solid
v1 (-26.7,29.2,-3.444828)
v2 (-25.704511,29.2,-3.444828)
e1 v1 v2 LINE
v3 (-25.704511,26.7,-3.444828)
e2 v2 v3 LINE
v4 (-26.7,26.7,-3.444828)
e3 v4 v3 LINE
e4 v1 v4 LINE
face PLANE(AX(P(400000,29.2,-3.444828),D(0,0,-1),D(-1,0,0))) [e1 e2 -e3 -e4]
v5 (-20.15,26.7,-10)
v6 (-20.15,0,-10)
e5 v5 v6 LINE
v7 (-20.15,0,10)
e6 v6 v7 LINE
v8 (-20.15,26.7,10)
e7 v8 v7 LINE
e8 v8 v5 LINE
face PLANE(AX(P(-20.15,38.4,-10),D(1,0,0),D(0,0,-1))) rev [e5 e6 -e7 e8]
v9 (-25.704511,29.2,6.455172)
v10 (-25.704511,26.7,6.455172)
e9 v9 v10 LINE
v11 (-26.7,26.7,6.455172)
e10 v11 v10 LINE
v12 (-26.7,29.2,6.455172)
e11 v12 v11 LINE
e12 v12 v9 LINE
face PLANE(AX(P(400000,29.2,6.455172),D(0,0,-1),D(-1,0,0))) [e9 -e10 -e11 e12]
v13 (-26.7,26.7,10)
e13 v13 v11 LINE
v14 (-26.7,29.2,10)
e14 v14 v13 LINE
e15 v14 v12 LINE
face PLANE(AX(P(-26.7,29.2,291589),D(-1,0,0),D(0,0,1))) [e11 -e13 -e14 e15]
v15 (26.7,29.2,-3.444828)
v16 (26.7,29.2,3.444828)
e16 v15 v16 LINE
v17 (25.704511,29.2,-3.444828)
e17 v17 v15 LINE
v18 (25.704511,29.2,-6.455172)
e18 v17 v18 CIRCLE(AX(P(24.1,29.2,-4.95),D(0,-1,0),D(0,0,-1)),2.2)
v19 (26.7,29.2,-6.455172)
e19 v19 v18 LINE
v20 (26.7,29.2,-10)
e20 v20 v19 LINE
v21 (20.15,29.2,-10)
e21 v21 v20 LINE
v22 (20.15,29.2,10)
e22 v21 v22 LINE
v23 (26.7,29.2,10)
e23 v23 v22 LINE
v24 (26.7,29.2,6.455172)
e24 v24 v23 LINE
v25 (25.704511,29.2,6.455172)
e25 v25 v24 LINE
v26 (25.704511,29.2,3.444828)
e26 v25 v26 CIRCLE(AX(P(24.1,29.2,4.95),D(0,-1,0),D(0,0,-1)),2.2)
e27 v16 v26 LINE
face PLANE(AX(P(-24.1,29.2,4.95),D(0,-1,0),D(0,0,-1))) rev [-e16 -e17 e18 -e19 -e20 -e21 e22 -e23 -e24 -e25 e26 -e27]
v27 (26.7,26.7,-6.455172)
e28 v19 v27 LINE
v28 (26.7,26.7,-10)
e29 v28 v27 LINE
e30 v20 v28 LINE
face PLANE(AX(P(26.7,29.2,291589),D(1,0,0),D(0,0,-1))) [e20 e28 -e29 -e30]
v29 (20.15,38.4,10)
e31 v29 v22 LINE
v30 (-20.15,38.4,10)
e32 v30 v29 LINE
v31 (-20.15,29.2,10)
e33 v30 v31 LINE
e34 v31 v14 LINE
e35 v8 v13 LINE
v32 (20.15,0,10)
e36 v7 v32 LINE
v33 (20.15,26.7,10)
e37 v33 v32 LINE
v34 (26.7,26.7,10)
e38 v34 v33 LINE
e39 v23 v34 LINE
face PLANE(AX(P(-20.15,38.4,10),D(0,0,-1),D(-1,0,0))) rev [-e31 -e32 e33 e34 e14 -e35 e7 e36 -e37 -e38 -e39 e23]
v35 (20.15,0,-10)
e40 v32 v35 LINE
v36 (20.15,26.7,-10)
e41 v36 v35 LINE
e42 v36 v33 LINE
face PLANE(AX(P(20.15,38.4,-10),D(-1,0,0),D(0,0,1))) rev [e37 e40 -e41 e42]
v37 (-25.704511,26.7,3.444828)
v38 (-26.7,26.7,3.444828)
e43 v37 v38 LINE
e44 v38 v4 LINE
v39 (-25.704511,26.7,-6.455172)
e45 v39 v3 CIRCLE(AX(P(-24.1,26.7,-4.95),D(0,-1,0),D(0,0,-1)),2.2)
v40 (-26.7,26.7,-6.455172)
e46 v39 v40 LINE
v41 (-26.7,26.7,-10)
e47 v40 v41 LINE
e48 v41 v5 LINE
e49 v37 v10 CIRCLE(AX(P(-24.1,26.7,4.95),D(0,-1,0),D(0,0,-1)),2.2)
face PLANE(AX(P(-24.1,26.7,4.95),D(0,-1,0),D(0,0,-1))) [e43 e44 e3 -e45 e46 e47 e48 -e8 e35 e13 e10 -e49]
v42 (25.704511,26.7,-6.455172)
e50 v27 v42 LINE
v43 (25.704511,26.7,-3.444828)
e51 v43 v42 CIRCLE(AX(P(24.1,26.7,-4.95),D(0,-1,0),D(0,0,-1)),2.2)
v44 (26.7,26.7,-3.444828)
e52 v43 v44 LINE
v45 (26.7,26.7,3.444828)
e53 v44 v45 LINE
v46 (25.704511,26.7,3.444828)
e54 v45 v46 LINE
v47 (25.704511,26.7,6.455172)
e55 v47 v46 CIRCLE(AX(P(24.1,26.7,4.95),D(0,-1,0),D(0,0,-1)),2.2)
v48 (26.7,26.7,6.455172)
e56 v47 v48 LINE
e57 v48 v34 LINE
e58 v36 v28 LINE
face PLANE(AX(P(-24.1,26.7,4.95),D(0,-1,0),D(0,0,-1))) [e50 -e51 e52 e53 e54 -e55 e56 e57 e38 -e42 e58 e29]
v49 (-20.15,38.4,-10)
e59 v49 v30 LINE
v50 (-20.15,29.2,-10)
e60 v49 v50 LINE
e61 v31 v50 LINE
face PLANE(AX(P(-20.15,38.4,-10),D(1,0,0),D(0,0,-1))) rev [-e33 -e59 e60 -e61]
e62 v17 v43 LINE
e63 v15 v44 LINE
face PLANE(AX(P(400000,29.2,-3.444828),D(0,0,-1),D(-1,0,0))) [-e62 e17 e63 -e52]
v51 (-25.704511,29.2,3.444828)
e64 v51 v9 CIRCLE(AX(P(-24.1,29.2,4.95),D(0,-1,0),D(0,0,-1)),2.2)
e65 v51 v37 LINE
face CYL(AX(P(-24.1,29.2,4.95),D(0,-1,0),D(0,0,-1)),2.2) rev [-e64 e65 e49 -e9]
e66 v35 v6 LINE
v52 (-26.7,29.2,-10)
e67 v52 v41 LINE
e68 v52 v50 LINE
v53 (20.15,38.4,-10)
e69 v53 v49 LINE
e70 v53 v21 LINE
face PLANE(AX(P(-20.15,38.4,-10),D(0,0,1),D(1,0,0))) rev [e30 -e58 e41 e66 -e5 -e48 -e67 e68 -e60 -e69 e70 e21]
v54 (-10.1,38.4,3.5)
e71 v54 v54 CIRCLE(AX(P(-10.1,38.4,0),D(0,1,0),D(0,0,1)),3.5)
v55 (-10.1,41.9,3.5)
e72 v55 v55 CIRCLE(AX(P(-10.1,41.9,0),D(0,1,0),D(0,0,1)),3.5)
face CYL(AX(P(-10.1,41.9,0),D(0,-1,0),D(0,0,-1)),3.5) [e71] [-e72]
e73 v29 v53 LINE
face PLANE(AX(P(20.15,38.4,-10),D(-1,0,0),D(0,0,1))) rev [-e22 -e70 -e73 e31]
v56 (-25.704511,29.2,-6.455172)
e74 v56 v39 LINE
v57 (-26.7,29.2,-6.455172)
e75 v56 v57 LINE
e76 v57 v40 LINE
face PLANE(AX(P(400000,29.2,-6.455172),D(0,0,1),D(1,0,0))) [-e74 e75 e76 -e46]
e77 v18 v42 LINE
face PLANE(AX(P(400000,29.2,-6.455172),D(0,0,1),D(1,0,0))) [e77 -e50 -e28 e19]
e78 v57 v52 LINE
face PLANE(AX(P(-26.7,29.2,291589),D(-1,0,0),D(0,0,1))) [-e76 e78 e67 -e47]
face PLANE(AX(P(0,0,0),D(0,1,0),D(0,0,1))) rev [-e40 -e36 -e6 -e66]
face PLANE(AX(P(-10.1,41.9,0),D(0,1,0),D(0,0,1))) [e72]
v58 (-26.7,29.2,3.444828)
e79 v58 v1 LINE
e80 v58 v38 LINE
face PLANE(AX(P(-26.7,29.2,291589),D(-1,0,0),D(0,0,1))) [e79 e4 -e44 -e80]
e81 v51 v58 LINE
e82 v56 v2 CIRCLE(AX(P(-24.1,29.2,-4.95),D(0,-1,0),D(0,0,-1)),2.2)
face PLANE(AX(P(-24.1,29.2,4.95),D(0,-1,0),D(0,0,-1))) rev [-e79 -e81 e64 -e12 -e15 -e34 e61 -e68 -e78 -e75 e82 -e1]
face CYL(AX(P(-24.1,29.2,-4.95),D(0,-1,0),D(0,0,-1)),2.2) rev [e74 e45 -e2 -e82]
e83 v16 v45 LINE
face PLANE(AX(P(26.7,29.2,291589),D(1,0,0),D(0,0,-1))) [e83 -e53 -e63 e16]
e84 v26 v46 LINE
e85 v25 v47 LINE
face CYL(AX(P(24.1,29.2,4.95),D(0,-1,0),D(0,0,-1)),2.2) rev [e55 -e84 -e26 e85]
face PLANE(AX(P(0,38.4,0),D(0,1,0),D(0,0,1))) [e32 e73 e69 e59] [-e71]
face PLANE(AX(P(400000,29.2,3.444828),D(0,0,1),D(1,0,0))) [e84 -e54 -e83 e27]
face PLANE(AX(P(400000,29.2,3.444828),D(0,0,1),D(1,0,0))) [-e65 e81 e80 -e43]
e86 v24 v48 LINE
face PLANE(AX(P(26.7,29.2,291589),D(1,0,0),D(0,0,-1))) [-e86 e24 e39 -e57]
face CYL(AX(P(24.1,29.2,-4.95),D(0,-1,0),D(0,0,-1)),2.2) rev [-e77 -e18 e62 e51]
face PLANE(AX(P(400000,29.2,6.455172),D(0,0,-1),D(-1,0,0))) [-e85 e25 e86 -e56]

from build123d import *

# Parameters (mm, degrees)
SKETCH1_W           = 40.3
SKETCH1_H           = 20
BOSS_EXTRUDE1_DEPTH = 38.4
BOSS_EXTRUDE3_START = -11.7
BOSS_EXTRUDE3_DEPTH = 2.5
SKETCH5_R           = 3.5
BOSS_EXTRUDE4_DEPTH = 3.5


with BuildPart() as part:
    # Sketch1 → Boss-Extrude1 (new body)
    with BuildSketch(Plane(origin=(0, 0, 0), x_dir=(1, 0, 0), z_dir=(0, 1, 0))):
        Rectangle(SKETCH1_W, SKETCH1_H)
    extrude(amount=BOSS_EXTRUDE1_DEPTH)

    # Sketch3 → Boss-Extrude3 (add)
    with BuildSketch(Plane(origin=(0, 38.4, 0), x_dir=(1, 0, 0), z_dir=(0, 1, 0)).offset(BOSS_EXTRUDE3_START)):
        with BuildLine():
            Line((-26.7, 10), (26.7, 10))
            Line((26.7, 10), (26.7, 6.455172275))
            Line((26.7, 6.455172275), (25.704511273, 6.455172275))
            ThreePointArc((25.704511273, 6.455172275), (21.9, 4.95), (25.704511273, 3.444827725))
            Line((25.704511273, 3.444827725), (26.7, 3.444827725))
            Line((26.7, 3.444827725), (26.7, -3.444827725))
            Line((26.7, -3.444827725), (25.704511273, -3.444827725))
            ThreePointArc((25.704511273, -3.444827725), (21.9, -4.95), (25.704511273, -6.455172275))
            Line((25.704511273, -6.455172275), (26.7, -6.455172275))
            Line((26.7, -6.455172275), (26.7, -10))
            Line((26.7, -10), (-26.7, -10))
            Line((-26.7, -10), (-26.7, -6.455172275))
            Line((-26.7, -6.455172275), (-25.704511273, -6.455172275))
            ThreePointArc((-25.704511273, -6.455172275), (-21.9, -4.95), (-25.704511273, -3.444827725))
            Line((-25.704511273, -3.444827725), (-26.7, -3.444827725))
            Line((-26.7, -3.444827725), (-26.7, 3.444827725))
            Line((-26.7, 3.444827725), (-25.704511273, 3.444827725))
            ThreePointArc((-25.704511273, 3.444827725), (-21.9, 4.95), (-25.704511273, 6.455172275))
            Line((-25.704511273, 6.455172275), (-26.7, 6.455172275))
            Line((-26.7, 6.455172275), (-26.7, 10))
        make_face()
    extrude(amount=BOSS_EXTRUDE3_DEPTH)

    # Sketch5 → Boss-Extrude4 (add)
    with BuildSketch(Plane(origin=(0, 38.4, 0), x_dir=(1, 0, 0), z_dir=(0, 1, 0))):
        with Locations(Location((-10.1, 0, 0), (0, 0, 270))):
            Circle(SKETCH5_R)
    extrude(amount=BOSS_EXTRUDE4_DEPTH)


solid = part.part
